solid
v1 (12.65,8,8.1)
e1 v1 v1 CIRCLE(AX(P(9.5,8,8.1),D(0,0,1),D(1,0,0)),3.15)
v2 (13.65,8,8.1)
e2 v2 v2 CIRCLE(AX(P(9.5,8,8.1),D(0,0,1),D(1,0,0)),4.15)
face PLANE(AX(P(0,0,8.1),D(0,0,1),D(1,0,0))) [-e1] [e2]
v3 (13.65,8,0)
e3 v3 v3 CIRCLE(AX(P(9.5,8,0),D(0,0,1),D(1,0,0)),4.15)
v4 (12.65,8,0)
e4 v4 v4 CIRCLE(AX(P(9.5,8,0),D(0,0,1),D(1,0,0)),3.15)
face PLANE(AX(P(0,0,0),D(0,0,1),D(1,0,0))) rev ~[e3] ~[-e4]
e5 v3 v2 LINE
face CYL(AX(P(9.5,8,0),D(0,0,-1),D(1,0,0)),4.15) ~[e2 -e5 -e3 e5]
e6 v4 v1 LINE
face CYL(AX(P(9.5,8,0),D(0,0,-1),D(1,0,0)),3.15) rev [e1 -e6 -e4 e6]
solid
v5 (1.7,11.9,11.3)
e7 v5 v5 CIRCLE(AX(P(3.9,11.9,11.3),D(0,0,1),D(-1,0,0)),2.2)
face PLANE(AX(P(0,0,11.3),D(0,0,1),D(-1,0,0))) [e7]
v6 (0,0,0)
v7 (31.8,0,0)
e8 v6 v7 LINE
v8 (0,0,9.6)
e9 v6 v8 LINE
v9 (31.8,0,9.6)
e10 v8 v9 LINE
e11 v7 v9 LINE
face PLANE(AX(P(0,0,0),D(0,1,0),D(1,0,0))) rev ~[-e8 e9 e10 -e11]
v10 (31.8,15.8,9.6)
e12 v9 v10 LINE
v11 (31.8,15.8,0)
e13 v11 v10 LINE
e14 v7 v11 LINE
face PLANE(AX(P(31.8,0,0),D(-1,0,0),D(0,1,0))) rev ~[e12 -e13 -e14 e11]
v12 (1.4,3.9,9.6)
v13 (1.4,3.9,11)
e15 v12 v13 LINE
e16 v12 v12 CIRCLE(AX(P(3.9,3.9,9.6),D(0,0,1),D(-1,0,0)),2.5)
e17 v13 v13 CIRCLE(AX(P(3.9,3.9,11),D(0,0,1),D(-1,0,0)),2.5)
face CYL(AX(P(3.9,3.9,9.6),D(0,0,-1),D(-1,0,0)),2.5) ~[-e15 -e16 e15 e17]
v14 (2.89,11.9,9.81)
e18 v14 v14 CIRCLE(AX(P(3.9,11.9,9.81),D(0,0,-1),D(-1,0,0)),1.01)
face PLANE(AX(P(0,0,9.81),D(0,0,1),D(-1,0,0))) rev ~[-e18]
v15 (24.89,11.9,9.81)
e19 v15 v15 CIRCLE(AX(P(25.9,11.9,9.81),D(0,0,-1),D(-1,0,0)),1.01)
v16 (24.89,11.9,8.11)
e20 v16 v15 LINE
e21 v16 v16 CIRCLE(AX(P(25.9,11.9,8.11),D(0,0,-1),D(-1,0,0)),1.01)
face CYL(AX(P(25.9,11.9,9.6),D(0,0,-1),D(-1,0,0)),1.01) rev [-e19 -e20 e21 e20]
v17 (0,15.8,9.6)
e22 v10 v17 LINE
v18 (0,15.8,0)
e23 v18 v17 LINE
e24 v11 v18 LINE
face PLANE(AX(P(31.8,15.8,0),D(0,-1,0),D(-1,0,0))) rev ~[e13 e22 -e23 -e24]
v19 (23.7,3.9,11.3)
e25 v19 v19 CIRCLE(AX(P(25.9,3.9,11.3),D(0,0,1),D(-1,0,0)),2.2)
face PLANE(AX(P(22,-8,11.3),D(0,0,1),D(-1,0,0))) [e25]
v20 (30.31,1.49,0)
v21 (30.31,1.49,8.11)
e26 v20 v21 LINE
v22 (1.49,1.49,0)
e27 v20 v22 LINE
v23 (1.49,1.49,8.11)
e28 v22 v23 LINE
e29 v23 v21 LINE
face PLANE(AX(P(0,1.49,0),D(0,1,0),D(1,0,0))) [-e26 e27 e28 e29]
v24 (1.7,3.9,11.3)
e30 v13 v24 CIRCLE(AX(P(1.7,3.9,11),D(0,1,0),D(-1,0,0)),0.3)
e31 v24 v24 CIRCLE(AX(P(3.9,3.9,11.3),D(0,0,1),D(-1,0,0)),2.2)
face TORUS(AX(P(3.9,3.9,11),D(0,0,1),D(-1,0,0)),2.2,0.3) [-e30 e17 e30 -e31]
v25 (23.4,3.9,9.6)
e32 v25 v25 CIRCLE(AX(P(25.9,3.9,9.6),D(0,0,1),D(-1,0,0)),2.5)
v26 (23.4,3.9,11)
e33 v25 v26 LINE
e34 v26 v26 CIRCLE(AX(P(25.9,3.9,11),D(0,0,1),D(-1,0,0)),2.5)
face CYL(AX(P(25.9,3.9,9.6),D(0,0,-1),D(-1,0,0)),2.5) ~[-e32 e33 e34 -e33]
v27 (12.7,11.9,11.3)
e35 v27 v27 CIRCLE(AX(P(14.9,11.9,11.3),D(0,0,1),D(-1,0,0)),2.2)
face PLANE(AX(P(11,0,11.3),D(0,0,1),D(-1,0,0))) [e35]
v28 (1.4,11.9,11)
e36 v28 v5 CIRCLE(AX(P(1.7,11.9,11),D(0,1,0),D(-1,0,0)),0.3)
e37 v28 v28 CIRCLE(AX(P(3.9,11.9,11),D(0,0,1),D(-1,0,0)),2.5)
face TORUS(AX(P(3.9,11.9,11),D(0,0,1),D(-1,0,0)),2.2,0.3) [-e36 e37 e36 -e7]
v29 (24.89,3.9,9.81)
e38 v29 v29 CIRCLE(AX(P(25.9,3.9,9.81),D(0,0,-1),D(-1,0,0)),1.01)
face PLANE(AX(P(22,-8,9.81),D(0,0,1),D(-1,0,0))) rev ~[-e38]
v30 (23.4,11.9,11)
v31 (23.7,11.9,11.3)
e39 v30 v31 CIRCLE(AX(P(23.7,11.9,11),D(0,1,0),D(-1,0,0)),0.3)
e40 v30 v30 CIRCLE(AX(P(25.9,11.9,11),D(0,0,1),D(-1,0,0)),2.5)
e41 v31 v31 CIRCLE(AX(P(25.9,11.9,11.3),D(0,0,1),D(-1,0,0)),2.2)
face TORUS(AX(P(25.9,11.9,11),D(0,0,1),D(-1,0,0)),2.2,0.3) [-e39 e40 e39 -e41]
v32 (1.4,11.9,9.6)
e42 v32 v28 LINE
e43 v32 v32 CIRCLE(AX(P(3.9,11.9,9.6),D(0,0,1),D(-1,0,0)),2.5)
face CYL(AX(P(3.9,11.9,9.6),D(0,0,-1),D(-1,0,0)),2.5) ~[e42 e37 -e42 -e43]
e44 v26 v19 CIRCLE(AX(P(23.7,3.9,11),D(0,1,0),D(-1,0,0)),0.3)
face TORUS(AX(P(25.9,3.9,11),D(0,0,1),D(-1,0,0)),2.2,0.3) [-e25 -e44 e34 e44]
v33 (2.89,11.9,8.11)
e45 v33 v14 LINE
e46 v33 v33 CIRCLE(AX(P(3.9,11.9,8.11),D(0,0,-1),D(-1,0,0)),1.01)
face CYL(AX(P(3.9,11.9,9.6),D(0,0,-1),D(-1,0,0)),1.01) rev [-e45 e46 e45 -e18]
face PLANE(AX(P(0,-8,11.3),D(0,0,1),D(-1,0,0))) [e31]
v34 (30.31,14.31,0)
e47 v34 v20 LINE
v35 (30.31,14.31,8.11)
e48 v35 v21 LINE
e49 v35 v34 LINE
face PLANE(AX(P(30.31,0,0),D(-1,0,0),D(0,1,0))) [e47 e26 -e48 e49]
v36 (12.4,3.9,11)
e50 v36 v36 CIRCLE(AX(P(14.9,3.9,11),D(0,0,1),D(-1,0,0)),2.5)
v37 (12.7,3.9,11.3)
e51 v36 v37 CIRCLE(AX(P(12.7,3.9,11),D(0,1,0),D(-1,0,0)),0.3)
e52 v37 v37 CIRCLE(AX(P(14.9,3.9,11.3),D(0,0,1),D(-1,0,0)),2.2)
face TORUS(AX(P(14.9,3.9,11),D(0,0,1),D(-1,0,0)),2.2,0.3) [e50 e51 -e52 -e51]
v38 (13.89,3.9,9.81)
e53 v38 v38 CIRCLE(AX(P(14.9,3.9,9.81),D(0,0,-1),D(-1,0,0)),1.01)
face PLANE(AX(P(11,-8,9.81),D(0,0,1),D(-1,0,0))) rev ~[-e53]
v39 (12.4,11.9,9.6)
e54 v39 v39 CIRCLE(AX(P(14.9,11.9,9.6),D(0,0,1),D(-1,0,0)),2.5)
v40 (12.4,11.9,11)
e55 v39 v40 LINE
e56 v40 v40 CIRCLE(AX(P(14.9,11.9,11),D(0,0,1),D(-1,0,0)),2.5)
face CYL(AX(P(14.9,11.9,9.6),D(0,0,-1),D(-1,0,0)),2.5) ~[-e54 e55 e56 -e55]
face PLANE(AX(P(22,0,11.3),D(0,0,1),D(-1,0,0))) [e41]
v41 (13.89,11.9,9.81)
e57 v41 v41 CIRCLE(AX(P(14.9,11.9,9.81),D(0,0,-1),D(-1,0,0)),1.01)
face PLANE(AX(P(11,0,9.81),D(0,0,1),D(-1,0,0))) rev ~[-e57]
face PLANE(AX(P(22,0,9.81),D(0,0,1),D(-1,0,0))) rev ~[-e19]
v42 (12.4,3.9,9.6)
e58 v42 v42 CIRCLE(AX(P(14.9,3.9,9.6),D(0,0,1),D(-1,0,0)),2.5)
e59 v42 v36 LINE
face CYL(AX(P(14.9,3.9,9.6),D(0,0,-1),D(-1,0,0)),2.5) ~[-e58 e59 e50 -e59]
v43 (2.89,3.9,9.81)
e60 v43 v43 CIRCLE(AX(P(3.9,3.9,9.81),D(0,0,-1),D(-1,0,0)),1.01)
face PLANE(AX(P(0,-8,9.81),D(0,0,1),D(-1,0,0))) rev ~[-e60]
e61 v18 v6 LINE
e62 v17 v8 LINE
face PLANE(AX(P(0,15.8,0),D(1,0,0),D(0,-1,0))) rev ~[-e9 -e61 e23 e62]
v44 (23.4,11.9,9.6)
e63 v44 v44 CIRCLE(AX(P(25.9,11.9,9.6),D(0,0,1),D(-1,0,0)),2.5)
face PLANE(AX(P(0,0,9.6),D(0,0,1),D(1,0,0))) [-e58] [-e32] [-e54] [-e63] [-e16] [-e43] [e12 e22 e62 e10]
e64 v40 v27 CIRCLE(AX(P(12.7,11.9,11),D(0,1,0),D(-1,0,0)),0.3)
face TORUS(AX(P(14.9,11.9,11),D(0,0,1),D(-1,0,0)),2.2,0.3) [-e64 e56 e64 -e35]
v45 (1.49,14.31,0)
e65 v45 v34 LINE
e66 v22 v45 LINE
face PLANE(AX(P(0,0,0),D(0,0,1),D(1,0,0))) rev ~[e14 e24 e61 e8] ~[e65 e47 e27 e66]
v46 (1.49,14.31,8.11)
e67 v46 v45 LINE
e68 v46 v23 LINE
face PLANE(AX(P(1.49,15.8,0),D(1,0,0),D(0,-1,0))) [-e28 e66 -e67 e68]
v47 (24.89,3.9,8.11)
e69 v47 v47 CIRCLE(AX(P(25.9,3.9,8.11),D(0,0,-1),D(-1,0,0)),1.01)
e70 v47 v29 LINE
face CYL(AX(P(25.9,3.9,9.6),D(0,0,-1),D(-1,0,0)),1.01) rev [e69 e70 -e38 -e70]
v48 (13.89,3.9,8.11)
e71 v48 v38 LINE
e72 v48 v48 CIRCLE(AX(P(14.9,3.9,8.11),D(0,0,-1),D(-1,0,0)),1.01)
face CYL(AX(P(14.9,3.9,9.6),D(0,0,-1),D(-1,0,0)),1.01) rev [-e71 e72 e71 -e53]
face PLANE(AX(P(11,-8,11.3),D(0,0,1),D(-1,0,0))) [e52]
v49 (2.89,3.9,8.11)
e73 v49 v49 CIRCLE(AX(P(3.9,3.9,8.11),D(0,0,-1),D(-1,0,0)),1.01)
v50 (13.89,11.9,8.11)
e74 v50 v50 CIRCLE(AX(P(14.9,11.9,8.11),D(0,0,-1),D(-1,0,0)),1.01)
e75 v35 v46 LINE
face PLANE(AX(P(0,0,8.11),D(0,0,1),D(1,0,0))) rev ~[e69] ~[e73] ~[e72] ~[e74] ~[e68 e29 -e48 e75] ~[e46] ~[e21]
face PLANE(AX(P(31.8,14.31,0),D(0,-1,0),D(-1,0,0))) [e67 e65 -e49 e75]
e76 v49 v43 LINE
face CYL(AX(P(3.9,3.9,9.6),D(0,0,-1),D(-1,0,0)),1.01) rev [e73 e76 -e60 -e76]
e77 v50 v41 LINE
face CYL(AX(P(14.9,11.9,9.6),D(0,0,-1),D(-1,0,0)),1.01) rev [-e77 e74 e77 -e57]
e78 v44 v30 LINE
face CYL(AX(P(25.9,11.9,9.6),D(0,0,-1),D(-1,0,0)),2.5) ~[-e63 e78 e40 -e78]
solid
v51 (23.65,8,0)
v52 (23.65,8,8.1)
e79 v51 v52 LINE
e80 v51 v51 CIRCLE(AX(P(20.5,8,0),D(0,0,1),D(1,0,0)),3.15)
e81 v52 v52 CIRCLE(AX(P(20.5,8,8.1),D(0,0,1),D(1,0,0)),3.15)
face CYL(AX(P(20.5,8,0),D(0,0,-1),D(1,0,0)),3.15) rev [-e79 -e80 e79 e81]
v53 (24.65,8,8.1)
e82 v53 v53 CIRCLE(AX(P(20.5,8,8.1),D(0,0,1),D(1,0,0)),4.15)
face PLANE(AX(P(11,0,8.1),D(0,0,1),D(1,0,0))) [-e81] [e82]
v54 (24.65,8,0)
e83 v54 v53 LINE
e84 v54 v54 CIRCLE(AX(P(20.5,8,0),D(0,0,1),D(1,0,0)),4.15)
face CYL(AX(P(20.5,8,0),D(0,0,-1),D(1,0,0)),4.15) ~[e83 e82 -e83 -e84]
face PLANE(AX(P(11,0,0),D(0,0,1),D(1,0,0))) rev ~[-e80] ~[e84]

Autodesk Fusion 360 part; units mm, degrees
sketch "Sketch1" plane through (0, 0, 0) normal (0, 0, 1) x (1, 0, 0)
  line L0 (0, 0) -> (31.8, 0)
  line L1 (31.8, 0) -> (31.8, 15.8)
  line L2 (31.8, 15.8) -> (0, 15.8)
  line L3 (0, 15.8) -> (0, 0)
  dimension "d1" = 31.8
  dimension "d2" = 15.8
extrude "Extrude1" add sketch "Sketch1" along normal blind 9.6 makes body 1
sketch "Sketch2" plane through (0, 0, 9.6) normal (0, 0, 1) x (-1, 0, 0)
  line L0 (0, -15.8) -> (0, 0)
  line L1 (0, 0) -> (-31.8, 0)
  line L2 (-31.8, 0) -> (-31.8, -15.8)
  line L3 (-31.8, -15.8) -> (0, -15.8)
  circle A0 centre (-3.9, -11.9) radius 2.5
  dimension "d5" = 5
  dimension "d6" = 3.9
  dimension "d7" = 3.9
extrude "Extrude2" add sketch "Sketch2" along normal blind 1.7 contours A0 bodies 1
pattern_linear "R-Pattern1" count 2 spacing 8 along (0, -1, 0) count 3 spacing 11 along (1, 0, 0) of "Extrude2"
shell "Shell1" thickness 1.49 removed faces 1 at (10.6, 10.5333, 0) on bodies 1
sketch "Sketch3" plane through (0, 0, 0) normal (0, 0, 1) x (1, 0, 0)
  circle A0 centre (9.5, 8) radius 3.15
  circle A1 centre (9.5, 8) radius 4.15
  dimension "d15" = 6.3
  dimension "d16" = 1
extrude "Extrude3" add sketch "Sketch3" along normal blind 8.1 separate body makes body 2
pattern_linear "R-Pattern2" count 1 spacing 0 along (0, -1, 0) count 2 spacing 11 along (1, 0, 0) of "Extrude3" makes body 3
fillet "Fillet1" radius 0.3 6 edges at (6.2308, 12.804, 11.3) (17.2308, 12.804, 11.3) (28.2308, 12.804, 11.3) (28.2308, 4.804, 11.3) (17.2308, 4.804, 11.3) (6.2308, 4.804, 11.3) on bodies 1
